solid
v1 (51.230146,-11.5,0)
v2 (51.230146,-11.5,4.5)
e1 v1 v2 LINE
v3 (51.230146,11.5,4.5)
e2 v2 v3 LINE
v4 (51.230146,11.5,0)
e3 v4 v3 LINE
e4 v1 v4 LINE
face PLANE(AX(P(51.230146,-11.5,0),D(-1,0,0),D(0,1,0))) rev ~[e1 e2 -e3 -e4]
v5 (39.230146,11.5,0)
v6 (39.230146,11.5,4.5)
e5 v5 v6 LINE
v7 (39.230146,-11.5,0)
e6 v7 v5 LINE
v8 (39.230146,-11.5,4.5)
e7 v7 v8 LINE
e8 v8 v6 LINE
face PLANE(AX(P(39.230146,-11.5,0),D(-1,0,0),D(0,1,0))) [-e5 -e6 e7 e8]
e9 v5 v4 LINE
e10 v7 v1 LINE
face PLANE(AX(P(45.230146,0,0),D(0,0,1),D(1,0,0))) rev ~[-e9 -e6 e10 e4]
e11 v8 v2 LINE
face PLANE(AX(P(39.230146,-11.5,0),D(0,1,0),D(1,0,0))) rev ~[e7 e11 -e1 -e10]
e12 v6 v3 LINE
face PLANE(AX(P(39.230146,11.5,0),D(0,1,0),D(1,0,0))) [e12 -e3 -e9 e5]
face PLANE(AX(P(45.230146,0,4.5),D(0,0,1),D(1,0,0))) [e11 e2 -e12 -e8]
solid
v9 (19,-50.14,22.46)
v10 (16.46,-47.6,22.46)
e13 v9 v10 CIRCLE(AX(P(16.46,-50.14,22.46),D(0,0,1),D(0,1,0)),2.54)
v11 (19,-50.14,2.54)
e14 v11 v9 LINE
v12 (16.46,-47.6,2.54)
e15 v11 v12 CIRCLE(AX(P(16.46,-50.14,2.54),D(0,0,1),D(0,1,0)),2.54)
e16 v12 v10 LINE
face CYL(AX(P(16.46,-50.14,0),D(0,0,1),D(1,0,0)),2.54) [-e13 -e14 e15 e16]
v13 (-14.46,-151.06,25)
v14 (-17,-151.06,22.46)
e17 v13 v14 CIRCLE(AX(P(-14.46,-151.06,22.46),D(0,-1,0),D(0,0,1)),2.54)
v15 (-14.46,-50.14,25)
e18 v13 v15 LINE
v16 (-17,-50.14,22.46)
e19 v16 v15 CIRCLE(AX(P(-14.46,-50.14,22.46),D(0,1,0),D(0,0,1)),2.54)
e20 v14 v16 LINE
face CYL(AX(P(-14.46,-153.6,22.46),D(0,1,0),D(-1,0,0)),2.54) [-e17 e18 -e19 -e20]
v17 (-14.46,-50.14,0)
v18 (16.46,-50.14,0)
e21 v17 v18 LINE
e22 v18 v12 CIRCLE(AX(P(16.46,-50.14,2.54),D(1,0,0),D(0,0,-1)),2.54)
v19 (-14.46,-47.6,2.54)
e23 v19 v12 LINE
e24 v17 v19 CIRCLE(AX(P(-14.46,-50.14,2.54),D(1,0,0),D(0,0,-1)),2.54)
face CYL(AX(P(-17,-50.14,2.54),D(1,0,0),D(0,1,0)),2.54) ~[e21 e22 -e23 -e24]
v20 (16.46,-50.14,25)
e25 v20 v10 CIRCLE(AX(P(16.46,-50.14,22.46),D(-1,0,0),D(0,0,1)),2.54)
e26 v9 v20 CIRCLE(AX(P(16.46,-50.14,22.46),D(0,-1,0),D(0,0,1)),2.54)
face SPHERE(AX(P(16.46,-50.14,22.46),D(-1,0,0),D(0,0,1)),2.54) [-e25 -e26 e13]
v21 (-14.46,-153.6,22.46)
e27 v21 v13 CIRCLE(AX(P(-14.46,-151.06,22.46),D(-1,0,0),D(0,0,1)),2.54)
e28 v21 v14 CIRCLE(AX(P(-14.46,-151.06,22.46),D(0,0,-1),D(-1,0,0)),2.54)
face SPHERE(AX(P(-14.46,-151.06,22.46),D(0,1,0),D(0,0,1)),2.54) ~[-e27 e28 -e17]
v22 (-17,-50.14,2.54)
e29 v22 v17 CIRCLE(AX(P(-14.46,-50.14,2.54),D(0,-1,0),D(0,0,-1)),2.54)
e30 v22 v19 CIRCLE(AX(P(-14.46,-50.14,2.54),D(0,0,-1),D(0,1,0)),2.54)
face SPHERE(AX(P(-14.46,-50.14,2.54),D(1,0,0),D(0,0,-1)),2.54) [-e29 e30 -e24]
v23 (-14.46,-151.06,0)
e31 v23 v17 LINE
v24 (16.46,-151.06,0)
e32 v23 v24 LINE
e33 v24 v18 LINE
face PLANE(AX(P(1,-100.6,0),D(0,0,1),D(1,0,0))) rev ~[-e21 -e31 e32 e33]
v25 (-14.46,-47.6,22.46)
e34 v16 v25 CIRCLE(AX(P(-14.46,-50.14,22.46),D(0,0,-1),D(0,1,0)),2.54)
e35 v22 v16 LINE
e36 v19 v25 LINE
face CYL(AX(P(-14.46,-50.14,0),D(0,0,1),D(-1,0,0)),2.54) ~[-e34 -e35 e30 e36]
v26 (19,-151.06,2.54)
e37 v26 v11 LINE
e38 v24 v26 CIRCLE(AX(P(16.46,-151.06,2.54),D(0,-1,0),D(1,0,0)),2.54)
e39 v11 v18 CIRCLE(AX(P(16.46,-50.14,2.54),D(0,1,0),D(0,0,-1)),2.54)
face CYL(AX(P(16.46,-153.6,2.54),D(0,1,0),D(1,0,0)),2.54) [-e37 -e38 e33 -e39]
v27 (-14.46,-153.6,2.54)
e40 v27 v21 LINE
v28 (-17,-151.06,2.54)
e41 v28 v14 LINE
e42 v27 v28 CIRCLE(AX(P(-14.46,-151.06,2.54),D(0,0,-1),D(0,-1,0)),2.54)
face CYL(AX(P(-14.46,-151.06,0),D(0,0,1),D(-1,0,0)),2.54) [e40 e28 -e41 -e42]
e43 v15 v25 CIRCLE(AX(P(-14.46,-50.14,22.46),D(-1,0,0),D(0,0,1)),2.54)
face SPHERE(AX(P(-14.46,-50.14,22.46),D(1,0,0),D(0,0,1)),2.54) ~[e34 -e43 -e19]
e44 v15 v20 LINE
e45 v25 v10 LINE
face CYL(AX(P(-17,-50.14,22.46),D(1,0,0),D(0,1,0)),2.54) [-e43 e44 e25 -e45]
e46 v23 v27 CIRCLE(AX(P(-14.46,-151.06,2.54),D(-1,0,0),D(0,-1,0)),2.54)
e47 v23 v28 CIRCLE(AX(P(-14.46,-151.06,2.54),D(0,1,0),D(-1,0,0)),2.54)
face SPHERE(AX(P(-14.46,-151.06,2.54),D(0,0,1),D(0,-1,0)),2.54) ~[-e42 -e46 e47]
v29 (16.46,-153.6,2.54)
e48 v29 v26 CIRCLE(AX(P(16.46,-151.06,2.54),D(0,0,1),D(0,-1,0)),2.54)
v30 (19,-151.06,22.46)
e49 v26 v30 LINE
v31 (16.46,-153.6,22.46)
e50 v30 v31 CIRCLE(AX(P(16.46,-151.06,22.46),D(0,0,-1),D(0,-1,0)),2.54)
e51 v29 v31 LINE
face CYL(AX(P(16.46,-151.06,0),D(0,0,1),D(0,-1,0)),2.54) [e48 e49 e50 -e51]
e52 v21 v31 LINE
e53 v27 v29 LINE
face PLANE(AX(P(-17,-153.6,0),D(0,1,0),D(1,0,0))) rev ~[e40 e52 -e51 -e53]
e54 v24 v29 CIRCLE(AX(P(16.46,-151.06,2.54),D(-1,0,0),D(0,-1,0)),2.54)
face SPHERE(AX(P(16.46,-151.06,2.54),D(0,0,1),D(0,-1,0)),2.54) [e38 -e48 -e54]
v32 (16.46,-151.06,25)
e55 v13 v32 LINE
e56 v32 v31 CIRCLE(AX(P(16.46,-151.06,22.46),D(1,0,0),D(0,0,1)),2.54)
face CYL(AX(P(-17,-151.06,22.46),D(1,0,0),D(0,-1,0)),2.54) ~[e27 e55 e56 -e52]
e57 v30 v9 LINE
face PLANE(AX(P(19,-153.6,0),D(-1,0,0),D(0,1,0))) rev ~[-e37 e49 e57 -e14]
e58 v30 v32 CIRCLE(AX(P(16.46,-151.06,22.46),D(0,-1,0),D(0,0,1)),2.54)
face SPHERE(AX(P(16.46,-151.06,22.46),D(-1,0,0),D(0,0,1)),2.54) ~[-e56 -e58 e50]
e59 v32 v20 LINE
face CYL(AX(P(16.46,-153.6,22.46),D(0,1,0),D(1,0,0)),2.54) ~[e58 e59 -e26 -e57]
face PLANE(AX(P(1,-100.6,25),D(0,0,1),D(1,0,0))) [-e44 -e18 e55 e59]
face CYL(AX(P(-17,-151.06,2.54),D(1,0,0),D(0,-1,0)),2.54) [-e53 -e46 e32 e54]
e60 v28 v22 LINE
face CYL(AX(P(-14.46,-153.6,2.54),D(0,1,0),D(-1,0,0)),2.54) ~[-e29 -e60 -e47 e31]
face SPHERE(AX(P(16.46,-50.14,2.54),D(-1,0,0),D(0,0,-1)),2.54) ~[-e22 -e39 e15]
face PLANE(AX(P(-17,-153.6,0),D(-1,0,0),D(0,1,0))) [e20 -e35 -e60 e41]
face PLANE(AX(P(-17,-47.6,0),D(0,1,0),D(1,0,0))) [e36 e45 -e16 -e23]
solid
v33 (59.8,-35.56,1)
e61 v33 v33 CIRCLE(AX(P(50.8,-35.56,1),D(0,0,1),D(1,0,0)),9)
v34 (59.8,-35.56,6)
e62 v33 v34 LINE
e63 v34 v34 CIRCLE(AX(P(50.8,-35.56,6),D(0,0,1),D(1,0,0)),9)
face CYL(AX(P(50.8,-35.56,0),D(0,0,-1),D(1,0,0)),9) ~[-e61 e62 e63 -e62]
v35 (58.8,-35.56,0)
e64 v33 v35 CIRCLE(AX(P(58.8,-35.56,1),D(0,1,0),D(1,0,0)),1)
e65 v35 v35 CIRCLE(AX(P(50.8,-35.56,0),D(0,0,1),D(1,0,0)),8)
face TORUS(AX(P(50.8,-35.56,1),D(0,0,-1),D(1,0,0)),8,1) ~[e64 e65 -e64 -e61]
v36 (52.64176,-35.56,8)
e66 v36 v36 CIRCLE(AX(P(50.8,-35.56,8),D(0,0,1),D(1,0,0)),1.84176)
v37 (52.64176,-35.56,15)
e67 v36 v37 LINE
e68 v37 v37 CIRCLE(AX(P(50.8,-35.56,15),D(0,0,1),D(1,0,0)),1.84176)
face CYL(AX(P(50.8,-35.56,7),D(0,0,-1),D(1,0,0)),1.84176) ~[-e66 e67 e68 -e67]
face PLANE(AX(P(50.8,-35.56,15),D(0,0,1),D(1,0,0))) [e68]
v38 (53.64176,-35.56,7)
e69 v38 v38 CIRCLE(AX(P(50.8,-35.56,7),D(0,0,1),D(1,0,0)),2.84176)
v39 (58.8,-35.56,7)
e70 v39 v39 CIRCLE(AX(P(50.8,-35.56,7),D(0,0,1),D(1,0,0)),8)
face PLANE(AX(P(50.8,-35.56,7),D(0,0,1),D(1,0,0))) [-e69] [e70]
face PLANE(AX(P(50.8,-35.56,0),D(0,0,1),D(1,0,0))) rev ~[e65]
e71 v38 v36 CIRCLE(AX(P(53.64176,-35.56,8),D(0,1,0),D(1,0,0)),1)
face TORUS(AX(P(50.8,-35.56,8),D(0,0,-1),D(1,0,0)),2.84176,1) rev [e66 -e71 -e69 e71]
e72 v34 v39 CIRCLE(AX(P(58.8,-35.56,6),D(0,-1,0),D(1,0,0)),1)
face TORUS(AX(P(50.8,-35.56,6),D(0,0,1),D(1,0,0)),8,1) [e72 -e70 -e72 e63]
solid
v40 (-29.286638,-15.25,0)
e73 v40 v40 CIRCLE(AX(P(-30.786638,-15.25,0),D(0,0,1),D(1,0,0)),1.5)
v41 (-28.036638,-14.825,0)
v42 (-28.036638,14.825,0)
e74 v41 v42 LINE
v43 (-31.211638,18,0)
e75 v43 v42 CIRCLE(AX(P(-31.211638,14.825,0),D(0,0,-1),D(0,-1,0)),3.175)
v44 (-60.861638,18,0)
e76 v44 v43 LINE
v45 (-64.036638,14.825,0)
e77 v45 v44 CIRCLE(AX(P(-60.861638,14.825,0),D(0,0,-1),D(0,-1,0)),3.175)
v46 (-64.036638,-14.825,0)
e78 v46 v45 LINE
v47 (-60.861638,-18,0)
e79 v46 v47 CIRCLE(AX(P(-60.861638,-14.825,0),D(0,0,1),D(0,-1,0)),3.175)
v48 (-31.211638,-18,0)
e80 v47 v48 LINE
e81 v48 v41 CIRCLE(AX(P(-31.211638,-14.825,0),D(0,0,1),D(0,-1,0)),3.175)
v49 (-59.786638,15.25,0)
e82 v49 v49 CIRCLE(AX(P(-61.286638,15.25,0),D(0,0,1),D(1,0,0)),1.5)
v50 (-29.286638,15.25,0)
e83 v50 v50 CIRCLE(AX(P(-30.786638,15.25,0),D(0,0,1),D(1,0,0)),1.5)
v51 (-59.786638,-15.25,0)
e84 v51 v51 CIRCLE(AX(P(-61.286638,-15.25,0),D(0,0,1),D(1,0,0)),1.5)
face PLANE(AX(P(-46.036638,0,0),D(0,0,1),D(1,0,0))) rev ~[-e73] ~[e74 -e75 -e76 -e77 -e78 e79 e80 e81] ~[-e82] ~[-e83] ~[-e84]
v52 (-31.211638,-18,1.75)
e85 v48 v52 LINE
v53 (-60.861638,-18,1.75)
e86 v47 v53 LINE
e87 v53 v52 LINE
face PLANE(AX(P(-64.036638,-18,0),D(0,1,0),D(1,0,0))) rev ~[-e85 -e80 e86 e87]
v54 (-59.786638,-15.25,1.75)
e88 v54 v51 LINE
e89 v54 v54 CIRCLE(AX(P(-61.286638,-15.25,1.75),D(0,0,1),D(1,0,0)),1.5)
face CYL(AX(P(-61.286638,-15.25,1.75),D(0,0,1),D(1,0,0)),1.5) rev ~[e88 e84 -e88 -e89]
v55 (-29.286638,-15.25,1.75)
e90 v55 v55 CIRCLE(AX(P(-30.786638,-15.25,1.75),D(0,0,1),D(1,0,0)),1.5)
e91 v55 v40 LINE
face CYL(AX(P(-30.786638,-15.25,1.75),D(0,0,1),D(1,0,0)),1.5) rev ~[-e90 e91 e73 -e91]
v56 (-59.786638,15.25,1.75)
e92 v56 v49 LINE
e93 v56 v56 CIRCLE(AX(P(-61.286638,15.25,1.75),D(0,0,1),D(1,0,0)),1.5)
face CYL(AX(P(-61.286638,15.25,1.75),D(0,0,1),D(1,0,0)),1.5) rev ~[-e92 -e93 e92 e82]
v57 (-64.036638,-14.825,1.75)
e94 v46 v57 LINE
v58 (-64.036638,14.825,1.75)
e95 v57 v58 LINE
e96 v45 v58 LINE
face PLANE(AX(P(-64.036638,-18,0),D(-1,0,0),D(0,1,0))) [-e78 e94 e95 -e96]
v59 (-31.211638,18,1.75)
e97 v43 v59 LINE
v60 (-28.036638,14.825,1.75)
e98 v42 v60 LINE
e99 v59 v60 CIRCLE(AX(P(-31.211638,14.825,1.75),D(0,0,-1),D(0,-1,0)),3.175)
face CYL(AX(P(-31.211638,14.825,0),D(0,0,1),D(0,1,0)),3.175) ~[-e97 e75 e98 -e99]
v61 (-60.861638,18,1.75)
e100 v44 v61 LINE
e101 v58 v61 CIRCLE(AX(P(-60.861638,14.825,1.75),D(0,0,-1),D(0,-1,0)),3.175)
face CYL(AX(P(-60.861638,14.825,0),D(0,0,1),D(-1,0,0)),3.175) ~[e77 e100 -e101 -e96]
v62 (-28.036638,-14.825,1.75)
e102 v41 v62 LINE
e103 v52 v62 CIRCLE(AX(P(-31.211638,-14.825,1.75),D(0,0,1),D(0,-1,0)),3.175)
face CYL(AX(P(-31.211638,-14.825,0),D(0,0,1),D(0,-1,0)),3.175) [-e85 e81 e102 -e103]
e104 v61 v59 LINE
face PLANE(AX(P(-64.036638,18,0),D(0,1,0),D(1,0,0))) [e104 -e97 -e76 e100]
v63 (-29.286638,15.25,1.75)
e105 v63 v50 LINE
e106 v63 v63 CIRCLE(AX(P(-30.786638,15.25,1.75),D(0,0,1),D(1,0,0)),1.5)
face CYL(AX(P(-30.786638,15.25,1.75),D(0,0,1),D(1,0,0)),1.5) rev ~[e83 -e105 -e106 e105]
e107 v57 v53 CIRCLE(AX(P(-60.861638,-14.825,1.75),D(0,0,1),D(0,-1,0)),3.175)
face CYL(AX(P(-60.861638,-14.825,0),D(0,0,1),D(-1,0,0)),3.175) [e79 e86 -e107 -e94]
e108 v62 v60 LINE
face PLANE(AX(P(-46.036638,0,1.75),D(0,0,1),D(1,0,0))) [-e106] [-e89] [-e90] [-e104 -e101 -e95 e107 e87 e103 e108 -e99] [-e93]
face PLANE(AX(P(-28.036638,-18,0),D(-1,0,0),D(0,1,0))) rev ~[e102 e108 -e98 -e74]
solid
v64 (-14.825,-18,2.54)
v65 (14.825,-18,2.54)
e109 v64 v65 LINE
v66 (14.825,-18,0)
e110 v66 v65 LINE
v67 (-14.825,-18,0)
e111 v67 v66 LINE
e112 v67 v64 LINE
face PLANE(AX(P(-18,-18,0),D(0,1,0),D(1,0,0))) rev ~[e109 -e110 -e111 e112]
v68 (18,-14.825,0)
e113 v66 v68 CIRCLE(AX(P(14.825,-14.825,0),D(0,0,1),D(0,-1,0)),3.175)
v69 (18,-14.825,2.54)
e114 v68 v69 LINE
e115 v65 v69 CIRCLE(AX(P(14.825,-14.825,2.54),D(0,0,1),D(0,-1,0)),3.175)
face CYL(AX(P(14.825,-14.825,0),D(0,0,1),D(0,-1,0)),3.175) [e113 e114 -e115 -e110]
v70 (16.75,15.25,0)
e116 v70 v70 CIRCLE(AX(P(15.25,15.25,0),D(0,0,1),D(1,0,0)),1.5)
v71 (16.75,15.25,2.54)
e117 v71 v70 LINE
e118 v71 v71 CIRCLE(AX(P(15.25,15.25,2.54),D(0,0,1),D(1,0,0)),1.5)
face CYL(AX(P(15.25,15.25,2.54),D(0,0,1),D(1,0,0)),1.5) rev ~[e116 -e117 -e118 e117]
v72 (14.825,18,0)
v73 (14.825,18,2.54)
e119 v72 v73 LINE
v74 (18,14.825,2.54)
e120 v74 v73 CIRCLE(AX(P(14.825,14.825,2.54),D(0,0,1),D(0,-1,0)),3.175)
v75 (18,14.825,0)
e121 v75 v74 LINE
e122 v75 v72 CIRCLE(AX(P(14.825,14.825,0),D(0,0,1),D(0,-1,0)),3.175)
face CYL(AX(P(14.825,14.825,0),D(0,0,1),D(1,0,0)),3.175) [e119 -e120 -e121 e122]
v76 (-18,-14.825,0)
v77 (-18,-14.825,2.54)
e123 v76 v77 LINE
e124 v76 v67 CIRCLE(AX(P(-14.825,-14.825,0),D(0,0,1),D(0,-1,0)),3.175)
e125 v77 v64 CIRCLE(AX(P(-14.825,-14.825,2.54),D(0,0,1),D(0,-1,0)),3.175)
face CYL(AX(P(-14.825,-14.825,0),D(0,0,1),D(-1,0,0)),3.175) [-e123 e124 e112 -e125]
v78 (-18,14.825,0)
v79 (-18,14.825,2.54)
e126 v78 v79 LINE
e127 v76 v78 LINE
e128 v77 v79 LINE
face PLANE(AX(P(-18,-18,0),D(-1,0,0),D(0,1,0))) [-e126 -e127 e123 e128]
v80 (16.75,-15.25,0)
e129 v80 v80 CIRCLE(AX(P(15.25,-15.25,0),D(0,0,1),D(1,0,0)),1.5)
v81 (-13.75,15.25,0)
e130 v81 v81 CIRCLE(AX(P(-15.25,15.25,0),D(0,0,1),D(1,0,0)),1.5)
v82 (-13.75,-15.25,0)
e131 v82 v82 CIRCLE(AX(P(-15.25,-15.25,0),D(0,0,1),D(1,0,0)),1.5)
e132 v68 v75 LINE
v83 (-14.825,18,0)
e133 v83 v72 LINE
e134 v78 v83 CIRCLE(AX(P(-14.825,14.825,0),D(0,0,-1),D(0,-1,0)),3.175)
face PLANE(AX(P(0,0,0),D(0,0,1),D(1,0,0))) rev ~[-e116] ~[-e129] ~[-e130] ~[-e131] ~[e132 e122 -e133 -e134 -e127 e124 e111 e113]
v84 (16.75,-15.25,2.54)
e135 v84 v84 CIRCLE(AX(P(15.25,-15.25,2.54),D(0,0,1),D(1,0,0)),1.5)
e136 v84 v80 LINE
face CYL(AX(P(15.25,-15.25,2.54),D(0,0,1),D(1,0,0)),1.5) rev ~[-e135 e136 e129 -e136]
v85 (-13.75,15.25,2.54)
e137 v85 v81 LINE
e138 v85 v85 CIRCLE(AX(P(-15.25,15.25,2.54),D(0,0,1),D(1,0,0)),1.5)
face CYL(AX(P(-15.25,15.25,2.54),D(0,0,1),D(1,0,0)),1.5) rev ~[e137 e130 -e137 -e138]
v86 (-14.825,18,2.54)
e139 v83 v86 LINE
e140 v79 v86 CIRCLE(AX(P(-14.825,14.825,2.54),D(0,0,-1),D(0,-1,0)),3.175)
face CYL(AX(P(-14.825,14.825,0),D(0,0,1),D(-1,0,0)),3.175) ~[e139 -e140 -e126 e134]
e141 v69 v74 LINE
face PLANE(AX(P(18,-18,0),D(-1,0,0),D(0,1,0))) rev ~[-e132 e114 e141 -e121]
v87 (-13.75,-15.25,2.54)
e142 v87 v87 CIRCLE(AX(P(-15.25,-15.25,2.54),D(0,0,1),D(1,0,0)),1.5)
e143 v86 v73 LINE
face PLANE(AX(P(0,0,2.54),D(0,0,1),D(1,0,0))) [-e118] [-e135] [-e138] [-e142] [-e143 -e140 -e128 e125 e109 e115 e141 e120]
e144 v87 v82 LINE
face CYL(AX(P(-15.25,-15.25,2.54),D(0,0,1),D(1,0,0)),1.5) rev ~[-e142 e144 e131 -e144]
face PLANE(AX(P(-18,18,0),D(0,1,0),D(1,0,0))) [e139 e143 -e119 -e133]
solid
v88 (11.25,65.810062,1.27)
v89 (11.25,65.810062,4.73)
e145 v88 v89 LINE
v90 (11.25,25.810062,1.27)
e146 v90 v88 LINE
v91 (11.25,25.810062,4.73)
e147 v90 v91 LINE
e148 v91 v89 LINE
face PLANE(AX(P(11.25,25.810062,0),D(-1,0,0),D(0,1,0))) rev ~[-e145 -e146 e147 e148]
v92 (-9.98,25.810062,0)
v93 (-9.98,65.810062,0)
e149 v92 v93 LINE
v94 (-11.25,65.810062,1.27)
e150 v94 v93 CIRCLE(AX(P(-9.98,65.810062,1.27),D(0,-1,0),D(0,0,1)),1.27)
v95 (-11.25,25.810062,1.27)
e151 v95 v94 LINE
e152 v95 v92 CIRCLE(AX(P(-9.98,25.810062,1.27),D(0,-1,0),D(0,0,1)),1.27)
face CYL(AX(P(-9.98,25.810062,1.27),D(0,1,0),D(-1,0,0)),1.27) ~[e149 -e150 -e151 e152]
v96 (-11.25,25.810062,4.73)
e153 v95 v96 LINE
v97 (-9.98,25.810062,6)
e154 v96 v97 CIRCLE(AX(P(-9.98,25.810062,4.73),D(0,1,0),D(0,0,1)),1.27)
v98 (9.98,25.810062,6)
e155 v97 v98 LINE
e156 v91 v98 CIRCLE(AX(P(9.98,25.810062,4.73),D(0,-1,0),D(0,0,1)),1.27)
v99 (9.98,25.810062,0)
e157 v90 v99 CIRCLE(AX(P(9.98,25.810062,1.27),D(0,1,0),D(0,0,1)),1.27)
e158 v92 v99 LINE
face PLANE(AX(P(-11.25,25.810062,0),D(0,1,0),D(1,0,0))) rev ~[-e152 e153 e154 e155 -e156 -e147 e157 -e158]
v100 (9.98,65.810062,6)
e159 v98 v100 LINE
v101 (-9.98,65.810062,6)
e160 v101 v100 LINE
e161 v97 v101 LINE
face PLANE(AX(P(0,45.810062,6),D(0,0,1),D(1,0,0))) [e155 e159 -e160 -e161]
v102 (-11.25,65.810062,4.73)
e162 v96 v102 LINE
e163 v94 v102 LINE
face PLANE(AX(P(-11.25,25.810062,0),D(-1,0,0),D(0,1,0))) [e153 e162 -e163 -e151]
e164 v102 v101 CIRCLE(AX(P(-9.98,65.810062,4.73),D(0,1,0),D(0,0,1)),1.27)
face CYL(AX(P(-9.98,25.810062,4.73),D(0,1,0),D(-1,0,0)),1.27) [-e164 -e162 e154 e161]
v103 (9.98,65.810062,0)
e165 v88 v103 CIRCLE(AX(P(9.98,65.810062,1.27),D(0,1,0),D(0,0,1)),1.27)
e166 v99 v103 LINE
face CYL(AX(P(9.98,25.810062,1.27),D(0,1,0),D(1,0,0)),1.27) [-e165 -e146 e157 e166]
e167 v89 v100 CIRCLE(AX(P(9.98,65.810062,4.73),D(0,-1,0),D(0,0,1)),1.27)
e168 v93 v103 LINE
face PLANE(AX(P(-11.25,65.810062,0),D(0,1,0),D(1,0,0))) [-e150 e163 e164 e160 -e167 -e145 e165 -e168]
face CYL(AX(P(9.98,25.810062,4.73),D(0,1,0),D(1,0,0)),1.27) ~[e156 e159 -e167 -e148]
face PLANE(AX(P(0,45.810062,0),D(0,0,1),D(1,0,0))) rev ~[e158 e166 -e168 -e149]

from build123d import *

# Parameters (mm, degrees)
F0_W      = 36
F0_H      = 36
F1_DEPTH  = 2.54
F2_R      = 3.175
F3_R      = 1.5
F4_DEPTH  = 2.54
F5_W      = 12
F5_H      = 23
F6_DEPTH  = 4.5
F7_W      = 36
F7_H      = 36
F8_DEPTH  = 1.75
F9_R      = 1.5
F10_DEPTH = 1.75
F11_R     = 3.175
F12_W     = 22.5
F12_H     = 40
F13_DEPTH = 6
F14_R     = 1.27
F15_W     = 36
F15_H     = 106
F16_DEPTH = 25
F17_R     = 2.54
F18_R     = 9
F19_DEPTH = 7
F20_R     = 1.8417601769
F21_DEPTH = 8
F22_R     = 1


with BuildPart() as f1:
    # F0 (on Top) → F1 (new body)
    with BuildSketch(Plane.XY):
        Rectangle(F0_W, F0_H)
    extrude(amount=F1_DEPTH)

    # F2
    f2_edges = [f1.edges().sort_by_distance(p)[0] for p in [
        (-18, 18, 1.27),
        (18, 18, 1.27),
        (18, -18, 1.27),
        (-18, -18, 1.27),
    ]]
    fillet(f2_edges, radius=F2_R)

    # F3 (on face) → F4 (cut)
    with BuildSketch(Plane.XY.offset(2.54)):
        with Locations((-15.25, 15.25)):
            Circle(F3_R)
        with Locations((15.25, 15.25)):
            Circle(F3_R)
        with Locations((-15.25, -15.25)):
            Circle(F3_R)
        with Locations((15.25, -15.25)):
            Circle(F3_R)
    extrude(amount=-F4_DEPTH, mode=Mode.SUBTRACT)


with BuildPart() as f6:
    # F5 (on Top) → F6 (new body)
    with BuildSketch(Plane.XY):
        with Locations((45.2301464975, 0)):
            Rectangle(F5_W, F5_H)
    extrude(amount=F6_DEPTH)


with BuildPart() as f8:
    # F7 (on Top) → F8 (new body)
    with BuildSketch(Plane.XY):
        with Locations((-46.0366383195, 0)):
            Rectangle(F7_W, F7_H)
    extrude(amount=F8_DEPTH)

    # F9 (on face) → F10 (cut)
    with BuildSketch(Plane.XY.offset(1.75)):
        with Locations((-61.2866383195, 15.25)):
            Circle(F9_R)
        with Locations((-30.7866383195, 15.25)):
            Circle(F9_R)
        with Locations((-61.2866383195, -15.25)):
            Circle(F9_R)
        with Locations((-30.7866383195, -15.25)):
            Circle(F9_R)
    extrude(amount=-F10_DEPTH, mode=Mode.SUBTRACT)

    # F11
    f11_edges = [f8.edges().sort_by_distance(p)[0] for p in [
        (-64.036638, 18, 0.875),
        (-28.036638, 18, 0.875),
        (-28.036638, -18, 0.875),
        (-64.036638, -18, 0.875),
    ]]
    fillet(f11_edges, radius=F11_R)


with BuildPart() as f13:
    # F12 (on Top) → F13 (new body)
    with BuildSketch(Plane.XY):
        with Locations((0, 45.8100624382)):
            Rectangle(F12_W, F12_H)
    extrude(amount=F13_DEPTH)

    # F14
    f14_edges = [f13.edges().sort_by_distance(p)[0] for p in [
        (11.25, 45.810062, 6),
        (11.25, 45.810062, 0),
        (-11.25, 45.810062, 0),
        (-11.25, 45.810062, 6),
    ]]
    fillet(f14_edges, radius=F14_R)


with BuildPart() as f16:
    # F15 (on Top) → F16 (new body)
    with BuildSketch(Plane.XY):
        with Locations((1, -100.6)):
            Rectangle(F15_W, F15_H)
    extrude(amount=F16_DEPTH)

    # F17
    f17_edges = [f16.edges().sort_by_distance(p)[0] for p in [
        (1, -47.6, 25),
        (-17, -100.6, 25),
        (1, -153.6, 25),
        (19, -100.6, 25),
        (-17, -153.6, 12.5),
        (19, -153.6, 12.5),
        (1, -153.6, 0),
        (1, -47.6, 0),
        (-17, -100.6, 0),
        (19, -100.6, 0),
        (19, -47.6, 12.5),
        (-17, -47.6, 12.5),
    ]]
    fillet(f17_edges, radius=F17_R)


with BuildPart() as f19:
    # F18 (on Top) → F19 (new body)
    with BuildSketch(Plane.XY):
        with Locations((50.8, -35.56)):
            Circle(F18_R)
    extrude(amount=F19_DEPTH)

    # F20 (on face) → F21 (join)
    with BuildSketch(Plane.XY.offset(7)):
        with Locations((50.8, -35.56)):
            Circle(F20_R)
    extrude(amount=F21_DEPTH)

    # F22
    f22_edges = [f19.edges().sort_by_distance(p)[0] for p in [
        (41.8, -35.56, 0),
        (41.8, -35.56, 7),
        (48.95824, -35.56, 7),
    ]]
    fillet(f22_edges, radius=F22_R)


solid = Compound([f1.part, f6.part, f8.part, f13.part, f16.part, f19.part])
